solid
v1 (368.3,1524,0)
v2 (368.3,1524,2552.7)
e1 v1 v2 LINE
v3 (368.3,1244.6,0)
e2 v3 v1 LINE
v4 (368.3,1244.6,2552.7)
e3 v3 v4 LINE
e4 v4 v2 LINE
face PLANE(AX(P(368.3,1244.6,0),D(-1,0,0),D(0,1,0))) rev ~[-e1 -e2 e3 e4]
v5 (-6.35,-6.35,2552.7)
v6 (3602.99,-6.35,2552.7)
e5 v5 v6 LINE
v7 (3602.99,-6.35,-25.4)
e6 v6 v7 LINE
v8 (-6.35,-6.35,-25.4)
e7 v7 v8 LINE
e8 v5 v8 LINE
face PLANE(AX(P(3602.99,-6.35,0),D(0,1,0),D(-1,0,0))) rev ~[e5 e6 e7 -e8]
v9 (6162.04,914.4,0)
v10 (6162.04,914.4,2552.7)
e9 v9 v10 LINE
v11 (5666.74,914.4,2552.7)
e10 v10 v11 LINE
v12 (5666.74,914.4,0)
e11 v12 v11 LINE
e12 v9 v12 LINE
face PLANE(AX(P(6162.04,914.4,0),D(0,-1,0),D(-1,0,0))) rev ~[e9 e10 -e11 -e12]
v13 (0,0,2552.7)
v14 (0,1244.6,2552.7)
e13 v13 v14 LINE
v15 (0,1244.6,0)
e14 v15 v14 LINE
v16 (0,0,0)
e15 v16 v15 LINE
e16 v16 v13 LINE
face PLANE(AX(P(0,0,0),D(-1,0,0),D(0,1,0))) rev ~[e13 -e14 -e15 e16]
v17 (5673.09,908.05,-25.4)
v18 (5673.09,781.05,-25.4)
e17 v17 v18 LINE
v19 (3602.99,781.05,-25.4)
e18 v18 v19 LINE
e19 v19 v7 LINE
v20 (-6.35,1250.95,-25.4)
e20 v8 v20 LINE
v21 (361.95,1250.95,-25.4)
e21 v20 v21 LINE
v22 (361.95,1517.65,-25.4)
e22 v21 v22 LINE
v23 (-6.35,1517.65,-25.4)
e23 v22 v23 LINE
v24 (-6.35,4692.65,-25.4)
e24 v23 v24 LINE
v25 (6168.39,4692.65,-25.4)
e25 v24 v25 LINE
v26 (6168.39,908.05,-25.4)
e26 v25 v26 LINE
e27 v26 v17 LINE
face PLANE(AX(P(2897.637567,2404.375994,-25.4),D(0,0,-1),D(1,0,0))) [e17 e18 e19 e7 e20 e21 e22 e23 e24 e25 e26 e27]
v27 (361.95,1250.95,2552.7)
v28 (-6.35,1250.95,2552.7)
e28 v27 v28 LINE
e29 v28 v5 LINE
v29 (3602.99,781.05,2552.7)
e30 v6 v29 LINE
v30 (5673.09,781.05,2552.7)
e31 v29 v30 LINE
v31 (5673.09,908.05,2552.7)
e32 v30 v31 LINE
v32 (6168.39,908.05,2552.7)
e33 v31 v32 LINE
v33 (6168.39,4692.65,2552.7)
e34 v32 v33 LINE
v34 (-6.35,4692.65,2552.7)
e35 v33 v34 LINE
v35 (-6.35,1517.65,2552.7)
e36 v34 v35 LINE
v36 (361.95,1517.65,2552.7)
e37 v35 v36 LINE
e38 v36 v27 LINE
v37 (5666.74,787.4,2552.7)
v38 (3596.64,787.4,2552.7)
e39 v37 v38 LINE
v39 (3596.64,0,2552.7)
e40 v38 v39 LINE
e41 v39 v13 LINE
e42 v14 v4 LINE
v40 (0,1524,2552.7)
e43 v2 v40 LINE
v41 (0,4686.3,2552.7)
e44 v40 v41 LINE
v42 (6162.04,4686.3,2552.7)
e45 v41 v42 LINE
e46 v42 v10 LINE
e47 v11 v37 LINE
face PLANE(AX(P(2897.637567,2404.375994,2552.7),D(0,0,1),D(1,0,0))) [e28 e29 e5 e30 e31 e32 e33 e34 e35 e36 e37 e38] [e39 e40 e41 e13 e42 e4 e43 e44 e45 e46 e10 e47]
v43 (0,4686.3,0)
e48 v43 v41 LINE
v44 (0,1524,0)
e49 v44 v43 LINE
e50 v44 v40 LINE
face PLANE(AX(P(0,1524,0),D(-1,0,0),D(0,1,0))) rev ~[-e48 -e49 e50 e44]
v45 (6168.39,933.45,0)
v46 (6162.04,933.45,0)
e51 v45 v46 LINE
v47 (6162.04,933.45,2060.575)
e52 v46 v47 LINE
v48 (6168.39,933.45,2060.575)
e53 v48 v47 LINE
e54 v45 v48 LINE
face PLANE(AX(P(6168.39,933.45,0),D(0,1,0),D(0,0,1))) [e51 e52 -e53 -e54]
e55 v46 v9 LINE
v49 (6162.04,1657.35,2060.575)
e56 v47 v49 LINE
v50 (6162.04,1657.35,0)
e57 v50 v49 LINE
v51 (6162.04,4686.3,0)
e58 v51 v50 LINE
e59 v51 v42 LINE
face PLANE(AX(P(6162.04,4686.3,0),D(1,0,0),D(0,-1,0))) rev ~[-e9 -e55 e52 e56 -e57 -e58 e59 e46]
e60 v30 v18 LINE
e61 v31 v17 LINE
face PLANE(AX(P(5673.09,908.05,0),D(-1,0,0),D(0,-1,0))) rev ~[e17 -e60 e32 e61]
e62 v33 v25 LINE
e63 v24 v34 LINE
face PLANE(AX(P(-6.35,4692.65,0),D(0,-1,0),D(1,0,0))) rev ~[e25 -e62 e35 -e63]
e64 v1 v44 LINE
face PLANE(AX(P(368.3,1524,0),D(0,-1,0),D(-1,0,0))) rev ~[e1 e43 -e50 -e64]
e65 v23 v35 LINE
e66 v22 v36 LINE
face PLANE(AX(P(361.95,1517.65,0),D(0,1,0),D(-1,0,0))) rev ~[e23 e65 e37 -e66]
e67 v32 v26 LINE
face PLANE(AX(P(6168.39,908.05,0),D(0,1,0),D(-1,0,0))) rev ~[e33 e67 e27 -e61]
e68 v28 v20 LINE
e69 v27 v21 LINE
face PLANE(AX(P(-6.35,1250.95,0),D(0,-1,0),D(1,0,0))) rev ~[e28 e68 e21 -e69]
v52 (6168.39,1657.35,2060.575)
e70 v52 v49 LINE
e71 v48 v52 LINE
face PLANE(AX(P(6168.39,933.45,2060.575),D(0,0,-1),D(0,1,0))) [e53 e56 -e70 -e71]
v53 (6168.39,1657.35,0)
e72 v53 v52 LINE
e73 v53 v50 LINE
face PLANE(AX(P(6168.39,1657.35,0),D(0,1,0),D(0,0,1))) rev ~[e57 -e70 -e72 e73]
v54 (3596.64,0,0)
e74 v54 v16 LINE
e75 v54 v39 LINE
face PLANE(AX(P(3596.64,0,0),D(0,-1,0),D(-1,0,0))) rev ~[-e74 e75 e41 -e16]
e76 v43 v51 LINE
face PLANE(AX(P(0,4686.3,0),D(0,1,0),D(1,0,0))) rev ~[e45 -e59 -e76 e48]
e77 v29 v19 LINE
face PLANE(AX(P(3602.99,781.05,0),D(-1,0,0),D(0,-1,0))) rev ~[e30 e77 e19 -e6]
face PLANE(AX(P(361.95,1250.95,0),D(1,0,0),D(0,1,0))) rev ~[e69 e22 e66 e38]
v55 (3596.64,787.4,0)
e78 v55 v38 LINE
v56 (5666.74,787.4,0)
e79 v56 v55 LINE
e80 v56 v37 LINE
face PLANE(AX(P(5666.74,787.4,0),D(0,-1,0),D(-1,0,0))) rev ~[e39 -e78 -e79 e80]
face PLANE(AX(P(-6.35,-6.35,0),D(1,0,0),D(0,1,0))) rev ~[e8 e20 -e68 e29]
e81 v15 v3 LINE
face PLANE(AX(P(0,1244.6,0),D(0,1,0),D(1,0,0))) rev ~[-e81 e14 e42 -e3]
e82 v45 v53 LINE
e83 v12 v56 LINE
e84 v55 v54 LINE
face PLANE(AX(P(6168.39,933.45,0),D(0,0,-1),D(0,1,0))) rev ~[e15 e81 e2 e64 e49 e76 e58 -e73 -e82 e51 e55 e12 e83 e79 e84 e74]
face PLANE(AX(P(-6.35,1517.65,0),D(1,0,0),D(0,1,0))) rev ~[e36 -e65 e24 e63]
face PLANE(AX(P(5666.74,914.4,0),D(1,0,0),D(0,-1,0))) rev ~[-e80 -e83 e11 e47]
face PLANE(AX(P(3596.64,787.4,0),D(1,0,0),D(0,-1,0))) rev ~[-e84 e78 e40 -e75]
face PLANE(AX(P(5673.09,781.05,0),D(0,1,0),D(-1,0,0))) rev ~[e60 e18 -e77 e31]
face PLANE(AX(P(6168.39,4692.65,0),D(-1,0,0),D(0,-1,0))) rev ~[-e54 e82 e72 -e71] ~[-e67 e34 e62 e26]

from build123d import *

# Parameters (mm, degrees)
F1_DEPTH = 2552.7
F3_DEPTH = 25.4
F4_W     = 723.9
F4_H     = 2060.575
F5_DEPTH = 6.35


with BuildPart() as f1:
    # F0 (on Top) → F1 (new body)
    with BuildSketch(Plane.XY):
        Polygon((6168.39, 908.05), (6168.39, 4692.65), (-6.35, 4692.65), (-6.35, 1517.65), (361.95, 1517.65), (361.95, 1250.95), (-6.35, 1250.95), (-6.35, -6.35), (3602.99, -6.35), (3602.99, 781.05), (5673.09, 781.05), (5673.09, 908.05), align=None)
        Polygon((3596.64, 0), (0, 0), (0, 1244.6), (368.3, 1244.6), (368.3, 1524), (0, 1524), (0, 4686.3), (6162.04, 4686.3), (6162.04, 914.4), (5666.74, 914.4), (5666.74, 787.4), (3596.64, 787.4), align=None, mode=Mode.SUBTRACT)
    extrude(amount=F1_DEPTH)

    # F2 (on face) → F3 (join)
    with BuildSketch(Plane(origin=(0, 0, 0), x_dir=(1, 0, 0), z_dir=(0, 0, -1))):
        Polygon((-6.35, -4692.65), (6168.39, -4692.65), (6168.39, -908.05), (5673.09, -908.05), (5673.09, -781.05), (3602.99, -781.05), (3602.99, 6.35), (-6.35, 6.35), (-6.35, -1250.95), (361.95, -1250.95), (361.95, -1517.65), (-6.35, -1517.65), align=None)
    extrude(amount=F3_DEPTH)

    # F4 (on face) → F5 (cut, through all)
    with BuildSketch(Plane.YZ.offset(6168.39)):
        with Locations((1295.4, 1030.2875)):
            Rectangle(F4_W, F4_H)
    extrude(amount=-F5_DEPTH, mode=Mode.SUBTRACT)


solid = f1.part
